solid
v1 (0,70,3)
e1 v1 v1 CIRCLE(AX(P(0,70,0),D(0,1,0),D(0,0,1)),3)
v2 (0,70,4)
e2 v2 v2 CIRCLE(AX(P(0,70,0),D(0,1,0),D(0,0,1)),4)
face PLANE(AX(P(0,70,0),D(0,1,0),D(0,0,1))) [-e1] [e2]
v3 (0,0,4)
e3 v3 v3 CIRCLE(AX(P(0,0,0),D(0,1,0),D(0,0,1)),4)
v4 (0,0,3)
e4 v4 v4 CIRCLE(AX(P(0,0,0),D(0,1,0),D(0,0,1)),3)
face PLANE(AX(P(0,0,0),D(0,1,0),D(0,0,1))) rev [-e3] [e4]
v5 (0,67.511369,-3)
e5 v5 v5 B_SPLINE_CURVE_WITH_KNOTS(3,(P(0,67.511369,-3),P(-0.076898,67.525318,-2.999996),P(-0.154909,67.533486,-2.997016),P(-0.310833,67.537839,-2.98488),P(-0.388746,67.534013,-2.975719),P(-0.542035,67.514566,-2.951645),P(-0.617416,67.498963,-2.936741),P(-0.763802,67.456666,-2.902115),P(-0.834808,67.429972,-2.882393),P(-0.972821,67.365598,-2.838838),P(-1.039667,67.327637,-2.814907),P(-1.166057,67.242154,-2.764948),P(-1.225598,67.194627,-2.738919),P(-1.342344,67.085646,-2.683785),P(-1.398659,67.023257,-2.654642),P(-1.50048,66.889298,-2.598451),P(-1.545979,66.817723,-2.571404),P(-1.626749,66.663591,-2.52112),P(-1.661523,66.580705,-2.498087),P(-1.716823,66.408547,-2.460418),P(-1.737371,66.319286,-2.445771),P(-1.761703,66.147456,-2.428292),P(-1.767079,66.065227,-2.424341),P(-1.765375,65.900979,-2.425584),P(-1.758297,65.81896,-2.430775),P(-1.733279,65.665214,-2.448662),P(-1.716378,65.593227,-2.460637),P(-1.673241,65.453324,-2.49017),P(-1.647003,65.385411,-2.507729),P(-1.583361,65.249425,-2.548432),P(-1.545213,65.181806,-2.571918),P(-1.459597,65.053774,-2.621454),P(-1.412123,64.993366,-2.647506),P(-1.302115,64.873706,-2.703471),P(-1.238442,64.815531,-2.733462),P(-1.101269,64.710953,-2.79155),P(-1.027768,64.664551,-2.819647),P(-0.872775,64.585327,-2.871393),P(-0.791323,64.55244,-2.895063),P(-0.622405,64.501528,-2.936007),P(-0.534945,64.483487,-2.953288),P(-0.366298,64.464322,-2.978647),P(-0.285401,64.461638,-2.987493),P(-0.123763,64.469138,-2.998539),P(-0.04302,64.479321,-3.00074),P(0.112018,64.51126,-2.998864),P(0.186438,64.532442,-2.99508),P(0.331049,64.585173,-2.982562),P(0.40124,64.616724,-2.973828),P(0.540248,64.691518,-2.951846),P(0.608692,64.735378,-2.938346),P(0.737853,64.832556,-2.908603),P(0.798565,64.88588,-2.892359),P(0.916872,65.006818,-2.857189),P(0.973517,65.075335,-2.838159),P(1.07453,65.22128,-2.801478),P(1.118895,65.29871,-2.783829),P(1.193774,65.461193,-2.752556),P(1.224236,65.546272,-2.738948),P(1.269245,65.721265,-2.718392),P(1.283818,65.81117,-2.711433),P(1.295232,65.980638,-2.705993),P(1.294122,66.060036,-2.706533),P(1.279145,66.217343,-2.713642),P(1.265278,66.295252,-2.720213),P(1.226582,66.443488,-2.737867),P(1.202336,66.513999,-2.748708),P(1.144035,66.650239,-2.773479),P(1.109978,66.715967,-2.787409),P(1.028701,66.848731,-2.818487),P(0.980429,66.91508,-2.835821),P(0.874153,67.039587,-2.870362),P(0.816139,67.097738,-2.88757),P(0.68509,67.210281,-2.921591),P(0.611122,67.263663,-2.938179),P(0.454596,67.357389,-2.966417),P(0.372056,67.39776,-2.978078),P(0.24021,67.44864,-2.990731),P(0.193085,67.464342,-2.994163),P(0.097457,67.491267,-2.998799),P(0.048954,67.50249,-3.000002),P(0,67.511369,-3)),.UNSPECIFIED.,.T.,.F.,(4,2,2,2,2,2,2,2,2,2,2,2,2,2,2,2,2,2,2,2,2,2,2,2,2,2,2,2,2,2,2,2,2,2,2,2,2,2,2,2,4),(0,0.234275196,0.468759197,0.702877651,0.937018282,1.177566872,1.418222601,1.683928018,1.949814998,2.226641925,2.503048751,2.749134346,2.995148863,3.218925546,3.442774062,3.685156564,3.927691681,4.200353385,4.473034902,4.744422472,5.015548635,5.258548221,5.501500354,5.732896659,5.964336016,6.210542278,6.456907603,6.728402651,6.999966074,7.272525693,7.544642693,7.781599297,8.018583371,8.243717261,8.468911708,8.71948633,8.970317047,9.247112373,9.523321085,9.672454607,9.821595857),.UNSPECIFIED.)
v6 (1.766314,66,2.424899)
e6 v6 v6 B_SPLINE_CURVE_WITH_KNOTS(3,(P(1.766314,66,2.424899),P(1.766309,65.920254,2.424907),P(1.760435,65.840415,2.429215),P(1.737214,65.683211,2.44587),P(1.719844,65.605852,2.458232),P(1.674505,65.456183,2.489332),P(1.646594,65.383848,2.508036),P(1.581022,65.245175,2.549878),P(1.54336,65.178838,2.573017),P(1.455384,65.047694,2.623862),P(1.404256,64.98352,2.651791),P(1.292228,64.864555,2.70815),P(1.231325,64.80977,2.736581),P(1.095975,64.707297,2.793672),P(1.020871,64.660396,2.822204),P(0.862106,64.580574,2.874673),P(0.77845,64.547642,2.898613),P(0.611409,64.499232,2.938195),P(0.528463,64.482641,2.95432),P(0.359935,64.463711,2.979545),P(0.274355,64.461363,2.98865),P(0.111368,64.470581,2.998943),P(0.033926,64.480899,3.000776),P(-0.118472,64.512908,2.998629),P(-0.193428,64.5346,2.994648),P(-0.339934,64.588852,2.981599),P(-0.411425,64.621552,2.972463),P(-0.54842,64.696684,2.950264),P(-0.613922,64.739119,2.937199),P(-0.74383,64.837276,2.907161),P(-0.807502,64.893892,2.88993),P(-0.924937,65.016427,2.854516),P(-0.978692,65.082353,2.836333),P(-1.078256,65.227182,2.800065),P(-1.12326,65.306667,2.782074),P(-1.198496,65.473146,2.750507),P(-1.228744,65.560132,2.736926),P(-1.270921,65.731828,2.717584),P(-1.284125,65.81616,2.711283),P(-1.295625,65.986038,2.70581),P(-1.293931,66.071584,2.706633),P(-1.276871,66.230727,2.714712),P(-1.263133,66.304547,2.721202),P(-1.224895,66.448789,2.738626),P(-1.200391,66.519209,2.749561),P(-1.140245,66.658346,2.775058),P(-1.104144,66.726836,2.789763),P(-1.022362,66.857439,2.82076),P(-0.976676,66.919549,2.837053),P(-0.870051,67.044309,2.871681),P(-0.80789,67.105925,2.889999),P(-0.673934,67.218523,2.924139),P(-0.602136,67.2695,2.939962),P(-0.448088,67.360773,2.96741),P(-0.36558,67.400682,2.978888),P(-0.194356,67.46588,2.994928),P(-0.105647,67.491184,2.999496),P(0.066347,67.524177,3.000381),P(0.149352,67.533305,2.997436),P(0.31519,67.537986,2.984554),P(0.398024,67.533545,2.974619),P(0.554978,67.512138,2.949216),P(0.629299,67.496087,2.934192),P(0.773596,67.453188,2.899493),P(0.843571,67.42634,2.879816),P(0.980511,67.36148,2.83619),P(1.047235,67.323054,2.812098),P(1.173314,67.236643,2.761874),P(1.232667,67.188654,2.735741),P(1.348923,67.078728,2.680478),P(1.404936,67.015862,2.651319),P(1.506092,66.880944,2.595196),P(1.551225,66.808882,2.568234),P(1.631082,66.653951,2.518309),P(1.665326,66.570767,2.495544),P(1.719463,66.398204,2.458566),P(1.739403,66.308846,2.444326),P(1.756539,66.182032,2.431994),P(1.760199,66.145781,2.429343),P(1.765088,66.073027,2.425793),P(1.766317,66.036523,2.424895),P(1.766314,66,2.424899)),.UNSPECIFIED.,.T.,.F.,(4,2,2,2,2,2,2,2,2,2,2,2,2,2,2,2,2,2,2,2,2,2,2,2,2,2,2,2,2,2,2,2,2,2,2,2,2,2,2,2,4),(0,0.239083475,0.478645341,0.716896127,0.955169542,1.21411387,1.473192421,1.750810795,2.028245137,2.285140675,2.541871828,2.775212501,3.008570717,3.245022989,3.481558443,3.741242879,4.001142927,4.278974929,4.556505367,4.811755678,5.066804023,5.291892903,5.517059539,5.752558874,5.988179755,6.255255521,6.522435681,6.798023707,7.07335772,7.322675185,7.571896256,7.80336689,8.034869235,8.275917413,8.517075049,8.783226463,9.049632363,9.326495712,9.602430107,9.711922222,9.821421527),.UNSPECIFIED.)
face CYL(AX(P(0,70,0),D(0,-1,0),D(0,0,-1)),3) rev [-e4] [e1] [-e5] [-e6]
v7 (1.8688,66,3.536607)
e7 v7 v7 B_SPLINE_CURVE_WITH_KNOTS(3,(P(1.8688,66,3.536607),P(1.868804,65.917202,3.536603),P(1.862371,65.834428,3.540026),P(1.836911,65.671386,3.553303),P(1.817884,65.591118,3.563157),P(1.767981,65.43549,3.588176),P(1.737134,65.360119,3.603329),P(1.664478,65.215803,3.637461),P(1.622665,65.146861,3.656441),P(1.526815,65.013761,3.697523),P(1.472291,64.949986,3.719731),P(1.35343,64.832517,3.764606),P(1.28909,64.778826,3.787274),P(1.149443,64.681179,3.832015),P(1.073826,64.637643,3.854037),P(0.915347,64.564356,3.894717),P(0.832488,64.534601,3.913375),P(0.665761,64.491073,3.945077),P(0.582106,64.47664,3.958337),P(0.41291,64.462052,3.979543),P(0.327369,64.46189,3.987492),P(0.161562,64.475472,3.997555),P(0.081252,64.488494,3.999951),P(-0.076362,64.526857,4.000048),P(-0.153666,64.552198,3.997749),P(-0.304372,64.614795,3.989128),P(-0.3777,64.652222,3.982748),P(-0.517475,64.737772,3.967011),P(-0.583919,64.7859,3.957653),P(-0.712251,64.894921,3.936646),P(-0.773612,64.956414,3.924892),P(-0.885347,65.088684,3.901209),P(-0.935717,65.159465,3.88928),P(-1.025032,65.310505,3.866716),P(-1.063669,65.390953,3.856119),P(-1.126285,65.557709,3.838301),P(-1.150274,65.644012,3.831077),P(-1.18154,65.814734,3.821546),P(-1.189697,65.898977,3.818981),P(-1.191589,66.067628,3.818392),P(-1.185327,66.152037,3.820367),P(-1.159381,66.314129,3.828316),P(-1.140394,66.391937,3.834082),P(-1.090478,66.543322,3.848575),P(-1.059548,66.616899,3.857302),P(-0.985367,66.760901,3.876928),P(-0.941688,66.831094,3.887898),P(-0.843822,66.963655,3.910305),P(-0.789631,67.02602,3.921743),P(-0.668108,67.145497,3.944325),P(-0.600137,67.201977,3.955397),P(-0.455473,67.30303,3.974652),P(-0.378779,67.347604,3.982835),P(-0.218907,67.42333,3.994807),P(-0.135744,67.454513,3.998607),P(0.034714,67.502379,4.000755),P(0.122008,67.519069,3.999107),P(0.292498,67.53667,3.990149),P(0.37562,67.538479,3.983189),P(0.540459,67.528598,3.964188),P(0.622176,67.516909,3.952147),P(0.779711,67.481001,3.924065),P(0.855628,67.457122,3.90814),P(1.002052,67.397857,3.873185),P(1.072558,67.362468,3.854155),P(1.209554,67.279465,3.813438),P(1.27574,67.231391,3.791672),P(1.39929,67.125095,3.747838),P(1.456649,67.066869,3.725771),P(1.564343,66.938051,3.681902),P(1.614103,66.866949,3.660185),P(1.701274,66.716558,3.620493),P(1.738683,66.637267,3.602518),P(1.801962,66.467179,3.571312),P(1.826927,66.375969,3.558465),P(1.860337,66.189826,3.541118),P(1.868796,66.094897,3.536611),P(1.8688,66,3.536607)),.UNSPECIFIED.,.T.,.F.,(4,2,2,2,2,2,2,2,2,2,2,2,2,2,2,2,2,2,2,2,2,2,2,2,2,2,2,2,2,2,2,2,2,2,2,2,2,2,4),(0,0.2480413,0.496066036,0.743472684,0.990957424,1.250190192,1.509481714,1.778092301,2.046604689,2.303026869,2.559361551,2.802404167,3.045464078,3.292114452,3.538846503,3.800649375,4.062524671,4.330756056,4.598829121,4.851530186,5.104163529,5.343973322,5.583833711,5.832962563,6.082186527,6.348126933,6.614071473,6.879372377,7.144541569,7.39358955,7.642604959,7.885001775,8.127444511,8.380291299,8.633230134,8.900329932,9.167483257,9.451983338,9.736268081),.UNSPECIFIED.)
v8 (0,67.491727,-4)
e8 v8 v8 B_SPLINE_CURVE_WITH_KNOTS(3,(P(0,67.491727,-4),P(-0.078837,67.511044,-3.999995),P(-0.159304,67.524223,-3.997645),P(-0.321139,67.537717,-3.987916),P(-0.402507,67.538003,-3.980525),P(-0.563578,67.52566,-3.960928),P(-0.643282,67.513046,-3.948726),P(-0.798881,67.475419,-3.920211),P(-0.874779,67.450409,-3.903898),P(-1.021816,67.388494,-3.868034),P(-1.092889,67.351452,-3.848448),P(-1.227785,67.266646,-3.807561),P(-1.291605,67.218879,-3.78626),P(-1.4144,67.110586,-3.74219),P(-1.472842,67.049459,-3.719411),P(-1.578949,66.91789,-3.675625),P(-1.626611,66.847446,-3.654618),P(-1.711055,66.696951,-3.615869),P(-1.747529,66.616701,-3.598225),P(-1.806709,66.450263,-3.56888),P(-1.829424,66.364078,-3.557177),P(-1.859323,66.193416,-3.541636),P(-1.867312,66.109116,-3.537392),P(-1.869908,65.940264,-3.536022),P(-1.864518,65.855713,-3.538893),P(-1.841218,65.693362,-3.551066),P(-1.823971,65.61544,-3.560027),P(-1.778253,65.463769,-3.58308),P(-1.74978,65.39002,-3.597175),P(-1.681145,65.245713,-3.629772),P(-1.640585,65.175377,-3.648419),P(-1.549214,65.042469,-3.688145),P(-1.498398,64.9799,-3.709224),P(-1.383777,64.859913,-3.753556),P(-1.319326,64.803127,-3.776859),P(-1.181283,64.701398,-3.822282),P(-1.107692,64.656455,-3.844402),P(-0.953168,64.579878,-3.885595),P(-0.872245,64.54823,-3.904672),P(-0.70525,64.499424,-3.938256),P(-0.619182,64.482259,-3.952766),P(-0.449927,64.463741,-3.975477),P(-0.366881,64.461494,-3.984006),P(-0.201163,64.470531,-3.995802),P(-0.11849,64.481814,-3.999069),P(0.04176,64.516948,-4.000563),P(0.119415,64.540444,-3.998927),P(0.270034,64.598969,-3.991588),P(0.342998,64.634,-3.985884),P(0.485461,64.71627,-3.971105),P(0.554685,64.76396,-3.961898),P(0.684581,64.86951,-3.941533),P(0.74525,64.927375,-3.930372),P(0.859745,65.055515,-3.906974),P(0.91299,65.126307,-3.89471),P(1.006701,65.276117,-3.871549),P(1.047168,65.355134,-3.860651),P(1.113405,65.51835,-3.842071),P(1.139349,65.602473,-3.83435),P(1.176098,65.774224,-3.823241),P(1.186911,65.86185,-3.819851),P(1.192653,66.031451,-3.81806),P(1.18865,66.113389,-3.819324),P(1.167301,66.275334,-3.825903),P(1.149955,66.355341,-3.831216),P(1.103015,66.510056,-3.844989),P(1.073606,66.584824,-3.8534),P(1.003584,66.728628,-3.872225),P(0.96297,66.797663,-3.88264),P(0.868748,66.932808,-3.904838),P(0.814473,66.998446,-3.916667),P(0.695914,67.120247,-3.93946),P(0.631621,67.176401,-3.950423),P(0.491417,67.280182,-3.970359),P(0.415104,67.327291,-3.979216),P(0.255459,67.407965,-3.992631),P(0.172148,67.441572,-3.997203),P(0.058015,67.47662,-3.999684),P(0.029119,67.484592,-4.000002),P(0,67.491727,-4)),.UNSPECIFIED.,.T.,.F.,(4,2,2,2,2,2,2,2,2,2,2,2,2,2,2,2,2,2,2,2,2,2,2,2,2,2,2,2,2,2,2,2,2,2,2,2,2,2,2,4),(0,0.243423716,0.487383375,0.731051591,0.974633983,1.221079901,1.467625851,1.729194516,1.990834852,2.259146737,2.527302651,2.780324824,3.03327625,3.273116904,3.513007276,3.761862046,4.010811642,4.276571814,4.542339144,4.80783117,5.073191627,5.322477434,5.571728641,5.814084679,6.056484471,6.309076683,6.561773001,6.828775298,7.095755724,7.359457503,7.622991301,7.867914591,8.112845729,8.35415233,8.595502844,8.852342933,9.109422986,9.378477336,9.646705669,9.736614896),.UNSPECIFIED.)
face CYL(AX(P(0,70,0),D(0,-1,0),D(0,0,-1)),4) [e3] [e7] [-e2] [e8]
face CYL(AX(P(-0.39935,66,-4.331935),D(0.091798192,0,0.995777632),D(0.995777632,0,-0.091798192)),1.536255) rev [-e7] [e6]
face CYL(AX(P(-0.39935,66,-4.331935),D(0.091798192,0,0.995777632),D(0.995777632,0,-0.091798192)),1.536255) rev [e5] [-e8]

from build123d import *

# Parameters (mm, degrees)
SKETCH_1_R               = 4
SKETCH_1_R_2             = 3
EXTRUDE_1_DEPTH          = 70
CUT_EXTRUDE_1_DEPTH      = 71.312735176
CUT_EXTRUDE_1_DEPTH_BACK = 71.312735176
SKETCH_2_R               = 1.536255129


with BuildPart() as part:
    # 草图1 → 凸台-拉伸1 (new body)
    with BuildSketch(Plane(origin=(0, 0, 0), x_dir=(1, 0, 0), z_dir=(0, 1, 0))):
        with Locations(Location((0, 0, 0), (0, 0, 270))):
            Circle(SKETCH_1_R)
        with Locations(Location((0, 0, 0), (0, 0, 270))):
            Circle(SKETCH_1_R_2, mode=Mode.SUBTRACT)
    extrude(amount=EXTRUDE_1_DEPTH)

    # 草图2 → 切除-拉伸1 (cut, two sides: drawn at the far end of the back side and taken through both)
    with BuildSketch(Plane(origin=(0.110157831, 0, 1.194933158), x_dir=(0.9957776317458883, 0, -0.09179819232724673), z_dir=(0.09179819232724672, 0, 0.9957776317458882)).offset(-CUT_EXTRUDE_1_DEPTH_BACK)):
        with Locations((0, 66)):
            Circle(SKETCH_2_R)
    extrude(amount=CUT_EXTRUDE_1_DEPTH + CUT_EXTRUDE_1_DEPTH_BACK, mode=Mode.SUBTRACT)


solid = part.part
